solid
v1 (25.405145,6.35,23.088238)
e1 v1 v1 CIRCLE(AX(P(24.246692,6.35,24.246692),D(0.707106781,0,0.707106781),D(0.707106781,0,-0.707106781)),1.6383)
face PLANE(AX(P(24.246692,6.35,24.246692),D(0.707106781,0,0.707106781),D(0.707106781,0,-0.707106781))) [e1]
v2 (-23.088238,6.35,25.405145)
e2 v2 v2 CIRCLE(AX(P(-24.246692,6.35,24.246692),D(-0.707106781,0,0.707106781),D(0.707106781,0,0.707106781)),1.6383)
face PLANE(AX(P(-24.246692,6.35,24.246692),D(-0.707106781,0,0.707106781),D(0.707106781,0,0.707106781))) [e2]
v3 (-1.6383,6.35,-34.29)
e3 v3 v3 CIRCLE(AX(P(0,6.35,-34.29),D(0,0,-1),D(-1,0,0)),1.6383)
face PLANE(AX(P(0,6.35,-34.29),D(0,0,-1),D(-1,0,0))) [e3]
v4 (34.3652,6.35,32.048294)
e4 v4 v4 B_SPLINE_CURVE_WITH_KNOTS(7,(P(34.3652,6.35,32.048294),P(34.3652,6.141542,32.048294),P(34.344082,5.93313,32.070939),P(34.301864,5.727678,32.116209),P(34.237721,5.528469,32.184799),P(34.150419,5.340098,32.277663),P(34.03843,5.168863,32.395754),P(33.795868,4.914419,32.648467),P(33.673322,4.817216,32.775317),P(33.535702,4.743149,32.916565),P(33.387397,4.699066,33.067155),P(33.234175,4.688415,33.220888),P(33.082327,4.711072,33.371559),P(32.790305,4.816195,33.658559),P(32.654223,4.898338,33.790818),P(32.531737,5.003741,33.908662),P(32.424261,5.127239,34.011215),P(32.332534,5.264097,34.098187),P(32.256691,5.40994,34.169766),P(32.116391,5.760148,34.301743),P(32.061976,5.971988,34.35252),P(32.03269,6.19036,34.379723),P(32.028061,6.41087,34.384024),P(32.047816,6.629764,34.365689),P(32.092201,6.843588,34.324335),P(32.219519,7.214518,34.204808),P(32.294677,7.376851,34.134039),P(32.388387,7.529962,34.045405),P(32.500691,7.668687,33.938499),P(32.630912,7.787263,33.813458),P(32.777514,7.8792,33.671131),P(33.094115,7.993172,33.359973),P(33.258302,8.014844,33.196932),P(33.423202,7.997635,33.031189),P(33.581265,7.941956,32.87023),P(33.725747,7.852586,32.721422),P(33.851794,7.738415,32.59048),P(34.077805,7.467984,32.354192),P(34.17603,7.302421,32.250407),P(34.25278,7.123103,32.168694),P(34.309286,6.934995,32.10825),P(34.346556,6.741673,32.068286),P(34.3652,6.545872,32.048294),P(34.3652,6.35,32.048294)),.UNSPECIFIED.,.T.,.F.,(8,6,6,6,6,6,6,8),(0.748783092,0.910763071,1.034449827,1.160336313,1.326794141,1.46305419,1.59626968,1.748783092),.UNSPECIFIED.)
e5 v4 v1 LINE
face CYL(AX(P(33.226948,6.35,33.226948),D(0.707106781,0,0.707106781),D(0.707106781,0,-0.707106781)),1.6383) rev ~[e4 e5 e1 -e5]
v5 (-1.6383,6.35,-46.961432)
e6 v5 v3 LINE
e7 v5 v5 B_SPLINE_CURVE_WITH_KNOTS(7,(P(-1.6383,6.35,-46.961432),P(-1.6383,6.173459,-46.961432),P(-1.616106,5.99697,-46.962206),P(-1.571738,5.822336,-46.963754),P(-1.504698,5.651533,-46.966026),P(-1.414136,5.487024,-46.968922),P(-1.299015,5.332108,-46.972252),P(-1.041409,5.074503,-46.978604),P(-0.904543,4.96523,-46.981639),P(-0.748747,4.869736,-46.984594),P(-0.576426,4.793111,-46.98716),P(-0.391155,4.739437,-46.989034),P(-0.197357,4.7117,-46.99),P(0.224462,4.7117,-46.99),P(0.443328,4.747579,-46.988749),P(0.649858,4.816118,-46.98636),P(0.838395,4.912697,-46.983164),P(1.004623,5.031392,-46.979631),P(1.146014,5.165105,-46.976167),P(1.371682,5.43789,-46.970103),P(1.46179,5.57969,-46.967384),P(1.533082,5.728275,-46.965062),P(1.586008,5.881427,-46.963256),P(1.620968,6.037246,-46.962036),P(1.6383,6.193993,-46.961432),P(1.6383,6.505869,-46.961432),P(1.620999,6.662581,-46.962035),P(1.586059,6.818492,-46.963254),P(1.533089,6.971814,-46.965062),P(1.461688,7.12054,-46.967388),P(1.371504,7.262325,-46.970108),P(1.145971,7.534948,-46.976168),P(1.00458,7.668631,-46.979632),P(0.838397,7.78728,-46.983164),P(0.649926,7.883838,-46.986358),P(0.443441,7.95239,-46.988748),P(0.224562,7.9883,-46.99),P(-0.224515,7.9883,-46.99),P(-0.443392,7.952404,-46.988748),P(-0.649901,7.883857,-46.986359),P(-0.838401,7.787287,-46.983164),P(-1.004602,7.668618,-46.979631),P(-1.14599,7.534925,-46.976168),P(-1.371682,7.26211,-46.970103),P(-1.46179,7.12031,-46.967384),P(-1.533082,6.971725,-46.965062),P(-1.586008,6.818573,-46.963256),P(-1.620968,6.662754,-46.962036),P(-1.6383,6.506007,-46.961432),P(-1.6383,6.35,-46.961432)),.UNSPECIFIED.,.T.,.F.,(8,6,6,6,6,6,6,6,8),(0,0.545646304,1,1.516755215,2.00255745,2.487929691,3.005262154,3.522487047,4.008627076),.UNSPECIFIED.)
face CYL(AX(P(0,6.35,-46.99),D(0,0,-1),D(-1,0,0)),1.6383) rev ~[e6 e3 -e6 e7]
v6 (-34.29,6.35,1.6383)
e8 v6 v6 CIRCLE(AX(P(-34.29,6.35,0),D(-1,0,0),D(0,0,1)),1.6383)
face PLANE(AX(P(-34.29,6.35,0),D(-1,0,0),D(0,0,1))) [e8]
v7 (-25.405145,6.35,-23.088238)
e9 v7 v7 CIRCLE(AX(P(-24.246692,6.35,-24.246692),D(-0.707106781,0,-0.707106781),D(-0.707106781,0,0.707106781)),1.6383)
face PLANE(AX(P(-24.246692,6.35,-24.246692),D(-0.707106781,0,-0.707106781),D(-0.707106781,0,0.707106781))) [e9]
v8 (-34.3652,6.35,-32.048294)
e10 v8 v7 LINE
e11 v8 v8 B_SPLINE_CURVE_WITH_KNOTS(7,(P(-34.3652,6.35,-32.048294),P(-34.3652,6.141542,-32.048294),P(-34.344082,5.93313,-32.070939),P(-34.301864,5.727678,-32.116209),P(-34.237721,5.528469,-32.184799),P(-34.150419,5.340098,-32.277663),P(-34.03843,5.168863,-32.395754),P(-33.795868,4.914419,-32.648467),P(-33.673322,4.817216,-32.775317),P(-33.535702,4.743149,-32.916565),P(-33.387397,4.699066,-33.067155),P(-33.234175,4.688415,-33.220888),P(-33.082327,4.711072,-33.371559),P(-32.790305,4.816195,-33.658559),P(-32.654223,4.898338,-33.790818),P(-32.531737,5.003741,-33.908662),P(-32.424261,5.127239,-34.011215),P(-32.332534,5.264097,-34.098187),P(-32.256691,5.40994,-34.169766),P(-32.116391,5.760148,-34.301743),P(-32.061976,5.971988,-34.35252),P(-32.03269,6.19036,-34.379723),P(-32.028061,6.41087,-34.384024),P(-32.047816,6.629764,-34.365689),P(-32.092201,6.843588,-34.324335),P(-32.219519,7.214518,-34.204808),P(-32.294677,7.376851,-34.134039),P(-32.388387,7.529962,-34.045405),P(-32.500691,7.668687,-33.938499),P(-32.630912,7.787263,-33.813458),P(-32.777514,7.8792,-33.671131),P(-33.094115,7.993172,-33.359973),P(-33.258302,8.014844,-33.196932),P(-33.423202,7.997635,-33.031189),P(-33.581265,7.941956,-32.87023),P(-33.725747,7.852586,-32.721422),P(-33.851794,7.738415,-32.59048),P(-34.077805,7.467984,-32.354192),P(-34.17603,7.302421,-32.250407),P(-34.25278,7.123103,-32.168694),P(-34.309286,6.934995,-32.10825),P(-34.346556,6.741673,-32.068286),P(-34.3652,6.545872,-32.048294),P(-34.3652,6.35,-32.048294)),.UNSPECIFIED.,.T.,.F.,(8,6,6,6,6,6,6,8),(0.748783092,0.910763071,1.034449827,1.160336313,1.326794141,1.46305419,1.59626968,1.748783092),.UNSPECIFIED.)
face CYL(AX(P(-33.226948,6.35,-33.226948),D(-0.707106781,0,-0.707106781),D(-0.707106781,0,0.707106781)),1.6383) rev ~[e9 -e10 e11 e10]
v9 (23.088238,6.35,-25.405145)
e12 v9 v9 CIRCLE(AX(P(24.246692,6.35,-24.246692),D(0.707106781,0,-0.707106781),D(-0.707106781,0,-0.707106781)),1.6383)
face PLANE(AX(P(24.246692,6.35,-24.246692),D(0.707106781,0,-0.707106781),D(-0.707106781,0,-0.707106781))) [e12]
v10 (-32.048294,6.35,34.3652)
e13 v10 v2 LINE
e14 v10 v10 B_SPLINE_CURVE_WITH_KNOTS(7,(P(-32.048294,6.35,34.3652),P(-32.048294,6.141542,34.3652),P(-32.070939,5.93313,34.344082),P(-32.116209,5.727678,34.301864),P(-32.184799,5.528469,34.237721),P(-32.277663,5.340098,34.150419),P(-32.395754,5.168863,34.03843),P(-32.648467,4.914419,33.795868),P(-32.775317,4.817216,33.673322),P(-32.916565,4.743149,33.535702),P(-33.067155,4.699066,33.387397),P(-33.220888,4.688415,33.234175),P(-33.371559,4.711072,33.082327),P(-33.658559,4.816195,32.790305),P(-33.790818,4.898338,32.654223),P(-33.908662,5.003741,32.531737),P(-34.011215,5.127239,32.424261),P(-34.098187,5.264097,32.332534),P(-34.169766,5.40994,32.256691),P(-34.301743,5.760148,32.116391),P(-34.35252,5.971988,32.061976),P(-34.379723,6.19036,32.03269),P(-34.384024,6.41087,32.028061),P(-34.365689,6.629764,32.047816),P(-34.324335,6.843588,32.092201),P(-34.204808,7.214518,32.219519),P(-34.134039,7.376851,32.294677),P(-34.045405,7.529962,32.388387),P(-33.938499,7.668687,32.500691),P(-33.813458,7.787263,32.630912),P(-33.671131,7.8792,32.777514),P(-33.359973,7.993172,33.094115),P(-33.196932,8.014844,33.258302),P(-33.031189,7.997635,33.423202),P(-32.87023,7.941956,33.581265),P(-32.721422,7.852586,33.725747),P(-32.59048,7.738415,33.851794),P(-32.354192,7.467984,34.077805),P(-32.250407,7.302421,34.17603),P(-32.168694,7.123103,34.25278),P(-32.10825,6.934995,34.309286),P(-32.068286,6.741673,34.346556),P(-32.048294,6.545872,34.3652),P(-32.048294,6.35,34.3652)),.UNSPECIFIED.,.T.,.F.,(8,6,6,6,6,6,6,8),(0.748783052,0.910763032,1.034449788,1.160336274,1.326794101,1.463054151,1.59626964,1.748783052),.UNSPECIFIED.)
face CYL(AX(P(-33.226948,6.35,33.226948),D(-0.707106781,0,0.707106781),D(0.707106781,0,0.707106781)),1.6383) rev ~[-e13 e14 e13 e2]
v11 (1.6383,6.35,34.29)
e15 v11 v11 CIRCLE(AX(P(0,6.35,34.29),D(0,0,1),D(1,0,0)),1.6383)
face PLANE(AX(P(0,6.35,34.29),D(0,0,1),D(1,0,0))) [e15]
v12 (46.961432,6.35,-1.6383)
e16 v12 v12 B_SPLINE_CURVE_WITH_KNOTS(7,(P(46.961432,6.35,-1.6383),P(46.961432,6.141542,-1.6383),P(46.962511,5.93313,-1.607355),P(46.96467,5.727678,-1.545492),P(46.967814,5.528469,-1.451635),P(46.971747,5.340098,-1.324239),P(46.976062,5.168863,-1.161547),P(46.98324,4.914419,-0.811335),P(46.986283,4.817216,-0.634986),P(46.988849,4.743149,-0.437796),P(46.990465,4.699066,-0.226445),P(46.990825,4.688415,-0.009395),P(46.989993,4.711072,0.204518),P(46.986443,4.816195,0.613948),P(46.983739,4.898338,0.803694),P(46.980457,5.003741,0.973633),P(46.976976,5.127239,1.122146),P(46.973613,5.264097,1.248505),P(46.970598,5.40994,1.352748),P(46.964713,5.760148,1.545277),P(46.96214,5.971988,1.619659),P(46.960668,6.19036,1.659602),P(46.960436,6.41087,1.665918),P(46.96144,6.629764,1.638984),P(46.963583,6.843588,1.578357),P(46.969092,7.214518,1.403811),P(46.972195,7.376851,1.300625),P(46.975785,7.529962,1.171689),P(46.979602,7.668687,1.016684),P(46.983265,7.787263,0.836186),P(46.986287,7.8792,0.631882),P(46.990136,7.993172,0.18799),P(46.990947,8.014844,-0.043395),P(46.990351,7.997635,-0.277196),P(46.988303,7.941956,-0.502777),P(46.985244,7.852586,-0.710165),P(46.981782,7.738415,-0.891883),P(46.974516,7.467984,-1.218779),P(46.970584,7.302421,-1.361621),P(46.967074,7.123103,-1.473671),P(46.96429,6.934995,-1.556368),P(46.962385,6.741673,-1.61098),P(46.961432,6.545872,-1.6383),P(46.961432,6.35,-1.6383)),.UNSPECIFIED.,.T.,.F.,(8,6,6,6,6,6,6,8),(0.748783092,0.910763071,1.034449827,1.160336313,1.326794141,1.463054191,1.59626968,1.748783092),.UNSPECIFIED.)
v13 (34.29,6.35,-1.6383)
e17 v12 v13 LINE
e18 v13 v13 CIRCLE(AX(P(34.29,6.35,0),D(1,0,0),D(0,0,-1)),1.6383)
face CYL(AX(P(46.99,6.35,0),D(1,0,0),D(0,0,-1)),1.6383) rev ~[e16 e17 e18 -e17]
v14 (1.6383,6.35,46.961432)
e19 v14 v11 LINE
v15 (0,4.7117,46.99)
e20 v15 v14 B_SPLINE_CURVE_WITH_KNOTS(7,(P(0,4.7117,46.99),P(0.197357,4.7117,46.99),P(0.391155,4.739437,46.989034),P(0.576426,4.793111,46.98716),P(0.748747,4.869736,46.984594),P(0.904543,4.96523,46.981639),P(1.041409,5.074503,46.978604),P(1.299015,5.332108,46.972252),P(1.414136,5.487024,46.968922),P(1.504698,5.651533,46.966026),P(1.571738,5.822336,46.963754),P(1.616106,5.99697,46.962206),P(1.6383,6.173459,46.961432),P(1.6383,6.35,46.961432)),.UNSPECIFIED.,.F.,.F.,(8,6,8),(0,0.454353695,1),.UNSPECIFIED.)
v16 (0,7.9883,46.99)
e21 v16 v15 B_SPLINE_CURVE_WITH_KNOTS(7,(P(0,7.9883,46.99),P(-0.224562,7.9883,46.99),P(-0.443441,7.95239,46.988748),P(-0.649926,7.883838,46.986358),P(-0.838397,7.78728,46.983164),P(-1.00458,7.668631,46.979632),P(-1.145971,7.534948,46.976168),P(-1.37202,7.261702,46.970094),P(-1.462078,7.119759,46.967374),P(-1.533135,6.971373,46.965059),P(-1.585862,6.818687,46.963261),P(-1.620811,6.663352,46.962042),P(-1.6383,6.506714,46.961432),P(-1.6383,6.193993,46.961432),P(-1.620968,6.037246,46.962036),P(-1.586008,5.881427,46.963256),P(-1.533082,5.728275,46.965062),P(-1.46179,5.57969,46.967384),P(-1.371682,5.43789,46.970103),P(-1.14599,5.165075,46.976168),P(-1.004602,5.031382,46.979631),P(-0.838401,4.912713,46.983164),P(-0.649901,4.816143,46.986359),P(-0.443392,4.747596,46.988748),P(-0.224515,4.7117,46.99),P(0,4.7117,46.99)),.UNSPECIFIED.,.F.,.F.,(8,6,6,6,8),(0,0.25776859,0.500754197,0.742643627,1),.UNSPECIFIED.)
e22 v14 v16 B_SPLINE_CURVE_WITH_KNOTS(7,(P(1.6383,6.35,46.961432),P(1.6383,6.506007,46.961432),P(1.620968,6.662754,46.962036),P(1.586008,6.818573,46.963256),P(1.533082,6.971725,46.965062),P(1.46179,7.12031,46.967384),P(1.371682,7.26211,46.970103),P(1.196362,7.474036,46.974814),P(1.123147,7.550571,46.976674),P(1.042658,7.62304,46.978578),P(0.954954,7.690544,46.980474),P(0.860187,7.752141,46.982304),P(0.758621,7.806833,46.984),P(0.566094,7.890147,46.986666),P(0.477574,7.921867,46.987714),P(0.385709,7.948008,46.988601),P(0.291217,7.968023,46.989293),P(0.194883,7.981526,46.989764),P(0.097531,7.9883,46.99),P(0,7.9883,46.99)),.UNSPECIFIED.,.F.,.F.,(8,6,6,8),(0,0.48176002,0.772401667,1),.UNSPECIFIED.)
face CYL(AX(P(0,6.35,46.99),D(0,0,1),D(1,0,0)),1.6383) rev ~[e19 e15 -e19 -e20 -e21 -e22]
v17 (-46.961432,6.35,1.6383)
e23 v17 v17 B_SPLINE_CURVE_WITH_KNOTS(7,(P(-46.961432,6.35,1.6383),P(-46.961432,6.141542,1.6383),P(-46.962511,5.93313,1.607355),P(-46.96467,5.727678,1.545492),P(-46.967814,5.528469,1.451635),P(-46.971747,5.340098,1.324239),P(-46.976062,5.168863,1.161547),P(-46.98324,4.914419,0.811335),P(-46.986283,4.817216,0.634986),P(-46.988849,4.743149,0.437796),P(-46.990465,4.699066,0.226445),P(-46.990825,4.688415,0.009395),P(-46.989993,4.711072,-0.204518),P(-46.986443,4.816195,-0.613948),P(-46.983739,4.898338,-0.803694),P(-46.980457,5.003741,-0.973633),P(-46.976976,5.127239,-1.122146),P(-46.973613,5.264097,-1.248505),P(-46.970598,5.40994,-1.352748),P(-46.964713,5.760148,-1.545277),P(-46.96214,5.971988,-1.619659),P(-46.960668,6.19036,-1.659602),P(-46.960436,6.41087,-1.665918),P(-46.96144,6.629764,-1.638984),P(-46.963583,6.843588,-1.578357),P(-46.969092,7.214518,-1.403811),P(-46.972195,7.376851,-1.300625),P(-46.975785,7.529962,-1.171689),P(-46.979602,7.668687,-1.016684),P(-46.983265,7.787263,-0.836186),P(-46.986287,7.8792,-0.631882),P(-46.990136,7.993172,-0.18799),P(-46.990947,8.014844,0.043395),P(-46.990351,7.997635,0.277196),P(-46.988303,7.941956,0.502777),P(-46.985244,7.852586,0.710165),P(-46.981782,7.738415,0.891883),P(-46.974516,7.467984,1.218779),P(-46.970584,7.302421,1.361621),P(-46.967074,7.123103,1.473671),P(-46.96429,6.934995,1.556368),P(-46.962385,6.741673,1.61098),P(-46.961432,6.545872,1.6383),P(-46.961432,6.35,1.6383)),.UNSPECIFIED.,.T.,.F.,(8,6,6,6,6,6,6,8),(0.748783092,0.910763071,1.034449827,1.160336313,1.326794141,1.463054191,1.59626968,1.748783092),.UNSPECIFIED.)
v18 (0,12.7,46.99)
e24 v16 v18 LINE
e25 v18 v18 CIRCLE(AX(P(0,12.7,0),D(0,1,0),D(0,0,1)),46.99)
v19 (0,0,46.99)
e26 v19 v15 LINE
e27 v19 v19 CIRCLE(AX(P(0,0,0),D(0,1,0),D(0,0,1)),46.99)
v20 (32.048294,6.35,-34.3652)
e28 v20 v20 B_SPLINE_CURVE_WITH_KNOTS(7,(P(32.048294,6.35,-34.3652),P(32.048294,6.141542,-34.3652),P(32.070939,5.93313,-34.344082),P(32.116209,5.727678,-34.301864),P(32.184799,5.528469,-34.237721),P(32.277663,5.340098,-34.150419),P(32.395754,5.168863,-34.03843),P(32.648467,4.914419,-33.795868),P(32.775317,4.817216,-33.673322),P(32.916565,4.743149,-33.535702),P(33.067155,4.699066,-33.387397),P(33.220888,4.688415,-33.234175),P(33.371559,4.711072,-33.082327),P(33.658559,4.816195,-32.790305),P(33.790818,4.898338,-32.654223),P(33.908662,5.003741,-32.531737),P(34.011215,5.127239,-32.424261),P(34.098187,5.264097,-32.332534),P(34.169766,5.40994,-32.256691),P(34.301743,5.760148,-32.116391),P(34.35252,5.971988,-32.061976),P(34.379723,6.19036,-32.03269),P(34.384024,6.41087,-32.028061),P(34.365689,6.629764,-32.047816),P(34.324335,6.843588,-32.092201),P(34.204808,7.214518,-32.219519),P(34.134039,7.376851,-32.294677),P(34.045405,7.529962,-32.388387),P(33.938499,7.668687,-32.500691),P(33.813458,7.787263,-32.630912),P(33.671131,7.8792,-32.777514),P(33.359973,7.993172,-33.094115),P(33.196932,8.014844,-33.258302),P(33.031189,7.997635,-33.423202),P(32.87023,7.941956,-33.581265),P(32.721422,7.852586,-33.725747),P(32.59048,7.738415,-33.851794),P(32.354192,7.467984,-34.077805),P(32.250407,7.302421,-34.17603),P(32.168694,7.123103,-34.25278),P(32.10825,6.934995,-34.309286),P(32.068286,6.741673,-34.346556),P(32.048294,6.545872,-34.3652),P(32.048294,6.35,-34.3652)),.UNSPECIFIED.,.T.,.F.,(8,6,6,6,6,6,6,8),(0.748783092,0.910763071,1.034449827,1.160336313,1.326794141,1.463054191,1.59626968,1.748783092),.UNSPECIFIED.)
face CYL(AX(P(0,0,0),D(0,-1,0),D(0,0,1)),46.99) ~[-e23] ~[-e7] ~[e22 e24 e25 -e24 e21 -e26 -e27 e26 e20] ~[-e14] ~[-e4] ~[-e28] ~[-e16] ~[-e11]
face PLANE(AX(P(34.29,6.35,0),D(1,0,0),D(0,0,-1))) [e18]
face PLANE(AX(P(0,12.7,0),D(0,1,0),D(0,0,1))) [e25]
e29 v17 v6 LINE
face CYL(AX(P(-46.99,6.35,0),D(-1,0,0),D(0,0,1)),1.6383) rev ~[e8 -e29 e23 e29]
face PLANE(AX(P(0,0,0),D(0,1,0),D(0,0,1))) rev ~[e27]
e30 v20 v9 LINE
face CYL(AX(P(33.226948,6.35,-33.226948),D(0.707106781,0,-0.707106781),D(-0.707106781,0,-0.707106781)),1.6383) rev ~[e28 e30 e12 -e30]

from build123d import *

# Parameters (mm, degrees)
SKETCH1_R                = 46.99
BULKHEAD_EXTRUSION_DEPTH = 12.7
SKETCH2_R                = 1.6383
SCREW_HOLE_DEPTH         = 12.7
CIRPATTERN1_COUNT        = 8


with BuildPart() as part:
    # Sketch1 → Bulkhead Extrusion (new body)
    with BuildSketch(Plane(origin=(0, 0, 0), x_dir=(1, 0, 0), z_dir=(0, 1, 0))):
        with Locations(Location((0, 0, 0), (0, 0, 270))):
            Circle(SKETCH1_R)
    extrude(amount=BULKHEAD_EXTRUSION_DEPTH)

    # Sketch2 → Screw Hole (cut)
    with BuildSketch(Plane.XY.offset(46.99)):
        with Locations((0, 6.35)):
            Circle(SKETCH2_R)
    screw_hole = extrude(amount=-SCREW_HOLE_DEPTH, mode=Mode.SUBTRACT)

    # CirPattern1: Screw Hole ×8 about axis
    cirpattern1_axis = Axis((0, 0, 0), (0, 1, 0))
    for i in range(1, CIRPATTERN1_COUNT):
        add(screw_hole.rotate(cirpattern1_axis, i * 360 / CIRPATTERN1_COUNT), mode=Mode.SUBTRACT)


solid = part.part
